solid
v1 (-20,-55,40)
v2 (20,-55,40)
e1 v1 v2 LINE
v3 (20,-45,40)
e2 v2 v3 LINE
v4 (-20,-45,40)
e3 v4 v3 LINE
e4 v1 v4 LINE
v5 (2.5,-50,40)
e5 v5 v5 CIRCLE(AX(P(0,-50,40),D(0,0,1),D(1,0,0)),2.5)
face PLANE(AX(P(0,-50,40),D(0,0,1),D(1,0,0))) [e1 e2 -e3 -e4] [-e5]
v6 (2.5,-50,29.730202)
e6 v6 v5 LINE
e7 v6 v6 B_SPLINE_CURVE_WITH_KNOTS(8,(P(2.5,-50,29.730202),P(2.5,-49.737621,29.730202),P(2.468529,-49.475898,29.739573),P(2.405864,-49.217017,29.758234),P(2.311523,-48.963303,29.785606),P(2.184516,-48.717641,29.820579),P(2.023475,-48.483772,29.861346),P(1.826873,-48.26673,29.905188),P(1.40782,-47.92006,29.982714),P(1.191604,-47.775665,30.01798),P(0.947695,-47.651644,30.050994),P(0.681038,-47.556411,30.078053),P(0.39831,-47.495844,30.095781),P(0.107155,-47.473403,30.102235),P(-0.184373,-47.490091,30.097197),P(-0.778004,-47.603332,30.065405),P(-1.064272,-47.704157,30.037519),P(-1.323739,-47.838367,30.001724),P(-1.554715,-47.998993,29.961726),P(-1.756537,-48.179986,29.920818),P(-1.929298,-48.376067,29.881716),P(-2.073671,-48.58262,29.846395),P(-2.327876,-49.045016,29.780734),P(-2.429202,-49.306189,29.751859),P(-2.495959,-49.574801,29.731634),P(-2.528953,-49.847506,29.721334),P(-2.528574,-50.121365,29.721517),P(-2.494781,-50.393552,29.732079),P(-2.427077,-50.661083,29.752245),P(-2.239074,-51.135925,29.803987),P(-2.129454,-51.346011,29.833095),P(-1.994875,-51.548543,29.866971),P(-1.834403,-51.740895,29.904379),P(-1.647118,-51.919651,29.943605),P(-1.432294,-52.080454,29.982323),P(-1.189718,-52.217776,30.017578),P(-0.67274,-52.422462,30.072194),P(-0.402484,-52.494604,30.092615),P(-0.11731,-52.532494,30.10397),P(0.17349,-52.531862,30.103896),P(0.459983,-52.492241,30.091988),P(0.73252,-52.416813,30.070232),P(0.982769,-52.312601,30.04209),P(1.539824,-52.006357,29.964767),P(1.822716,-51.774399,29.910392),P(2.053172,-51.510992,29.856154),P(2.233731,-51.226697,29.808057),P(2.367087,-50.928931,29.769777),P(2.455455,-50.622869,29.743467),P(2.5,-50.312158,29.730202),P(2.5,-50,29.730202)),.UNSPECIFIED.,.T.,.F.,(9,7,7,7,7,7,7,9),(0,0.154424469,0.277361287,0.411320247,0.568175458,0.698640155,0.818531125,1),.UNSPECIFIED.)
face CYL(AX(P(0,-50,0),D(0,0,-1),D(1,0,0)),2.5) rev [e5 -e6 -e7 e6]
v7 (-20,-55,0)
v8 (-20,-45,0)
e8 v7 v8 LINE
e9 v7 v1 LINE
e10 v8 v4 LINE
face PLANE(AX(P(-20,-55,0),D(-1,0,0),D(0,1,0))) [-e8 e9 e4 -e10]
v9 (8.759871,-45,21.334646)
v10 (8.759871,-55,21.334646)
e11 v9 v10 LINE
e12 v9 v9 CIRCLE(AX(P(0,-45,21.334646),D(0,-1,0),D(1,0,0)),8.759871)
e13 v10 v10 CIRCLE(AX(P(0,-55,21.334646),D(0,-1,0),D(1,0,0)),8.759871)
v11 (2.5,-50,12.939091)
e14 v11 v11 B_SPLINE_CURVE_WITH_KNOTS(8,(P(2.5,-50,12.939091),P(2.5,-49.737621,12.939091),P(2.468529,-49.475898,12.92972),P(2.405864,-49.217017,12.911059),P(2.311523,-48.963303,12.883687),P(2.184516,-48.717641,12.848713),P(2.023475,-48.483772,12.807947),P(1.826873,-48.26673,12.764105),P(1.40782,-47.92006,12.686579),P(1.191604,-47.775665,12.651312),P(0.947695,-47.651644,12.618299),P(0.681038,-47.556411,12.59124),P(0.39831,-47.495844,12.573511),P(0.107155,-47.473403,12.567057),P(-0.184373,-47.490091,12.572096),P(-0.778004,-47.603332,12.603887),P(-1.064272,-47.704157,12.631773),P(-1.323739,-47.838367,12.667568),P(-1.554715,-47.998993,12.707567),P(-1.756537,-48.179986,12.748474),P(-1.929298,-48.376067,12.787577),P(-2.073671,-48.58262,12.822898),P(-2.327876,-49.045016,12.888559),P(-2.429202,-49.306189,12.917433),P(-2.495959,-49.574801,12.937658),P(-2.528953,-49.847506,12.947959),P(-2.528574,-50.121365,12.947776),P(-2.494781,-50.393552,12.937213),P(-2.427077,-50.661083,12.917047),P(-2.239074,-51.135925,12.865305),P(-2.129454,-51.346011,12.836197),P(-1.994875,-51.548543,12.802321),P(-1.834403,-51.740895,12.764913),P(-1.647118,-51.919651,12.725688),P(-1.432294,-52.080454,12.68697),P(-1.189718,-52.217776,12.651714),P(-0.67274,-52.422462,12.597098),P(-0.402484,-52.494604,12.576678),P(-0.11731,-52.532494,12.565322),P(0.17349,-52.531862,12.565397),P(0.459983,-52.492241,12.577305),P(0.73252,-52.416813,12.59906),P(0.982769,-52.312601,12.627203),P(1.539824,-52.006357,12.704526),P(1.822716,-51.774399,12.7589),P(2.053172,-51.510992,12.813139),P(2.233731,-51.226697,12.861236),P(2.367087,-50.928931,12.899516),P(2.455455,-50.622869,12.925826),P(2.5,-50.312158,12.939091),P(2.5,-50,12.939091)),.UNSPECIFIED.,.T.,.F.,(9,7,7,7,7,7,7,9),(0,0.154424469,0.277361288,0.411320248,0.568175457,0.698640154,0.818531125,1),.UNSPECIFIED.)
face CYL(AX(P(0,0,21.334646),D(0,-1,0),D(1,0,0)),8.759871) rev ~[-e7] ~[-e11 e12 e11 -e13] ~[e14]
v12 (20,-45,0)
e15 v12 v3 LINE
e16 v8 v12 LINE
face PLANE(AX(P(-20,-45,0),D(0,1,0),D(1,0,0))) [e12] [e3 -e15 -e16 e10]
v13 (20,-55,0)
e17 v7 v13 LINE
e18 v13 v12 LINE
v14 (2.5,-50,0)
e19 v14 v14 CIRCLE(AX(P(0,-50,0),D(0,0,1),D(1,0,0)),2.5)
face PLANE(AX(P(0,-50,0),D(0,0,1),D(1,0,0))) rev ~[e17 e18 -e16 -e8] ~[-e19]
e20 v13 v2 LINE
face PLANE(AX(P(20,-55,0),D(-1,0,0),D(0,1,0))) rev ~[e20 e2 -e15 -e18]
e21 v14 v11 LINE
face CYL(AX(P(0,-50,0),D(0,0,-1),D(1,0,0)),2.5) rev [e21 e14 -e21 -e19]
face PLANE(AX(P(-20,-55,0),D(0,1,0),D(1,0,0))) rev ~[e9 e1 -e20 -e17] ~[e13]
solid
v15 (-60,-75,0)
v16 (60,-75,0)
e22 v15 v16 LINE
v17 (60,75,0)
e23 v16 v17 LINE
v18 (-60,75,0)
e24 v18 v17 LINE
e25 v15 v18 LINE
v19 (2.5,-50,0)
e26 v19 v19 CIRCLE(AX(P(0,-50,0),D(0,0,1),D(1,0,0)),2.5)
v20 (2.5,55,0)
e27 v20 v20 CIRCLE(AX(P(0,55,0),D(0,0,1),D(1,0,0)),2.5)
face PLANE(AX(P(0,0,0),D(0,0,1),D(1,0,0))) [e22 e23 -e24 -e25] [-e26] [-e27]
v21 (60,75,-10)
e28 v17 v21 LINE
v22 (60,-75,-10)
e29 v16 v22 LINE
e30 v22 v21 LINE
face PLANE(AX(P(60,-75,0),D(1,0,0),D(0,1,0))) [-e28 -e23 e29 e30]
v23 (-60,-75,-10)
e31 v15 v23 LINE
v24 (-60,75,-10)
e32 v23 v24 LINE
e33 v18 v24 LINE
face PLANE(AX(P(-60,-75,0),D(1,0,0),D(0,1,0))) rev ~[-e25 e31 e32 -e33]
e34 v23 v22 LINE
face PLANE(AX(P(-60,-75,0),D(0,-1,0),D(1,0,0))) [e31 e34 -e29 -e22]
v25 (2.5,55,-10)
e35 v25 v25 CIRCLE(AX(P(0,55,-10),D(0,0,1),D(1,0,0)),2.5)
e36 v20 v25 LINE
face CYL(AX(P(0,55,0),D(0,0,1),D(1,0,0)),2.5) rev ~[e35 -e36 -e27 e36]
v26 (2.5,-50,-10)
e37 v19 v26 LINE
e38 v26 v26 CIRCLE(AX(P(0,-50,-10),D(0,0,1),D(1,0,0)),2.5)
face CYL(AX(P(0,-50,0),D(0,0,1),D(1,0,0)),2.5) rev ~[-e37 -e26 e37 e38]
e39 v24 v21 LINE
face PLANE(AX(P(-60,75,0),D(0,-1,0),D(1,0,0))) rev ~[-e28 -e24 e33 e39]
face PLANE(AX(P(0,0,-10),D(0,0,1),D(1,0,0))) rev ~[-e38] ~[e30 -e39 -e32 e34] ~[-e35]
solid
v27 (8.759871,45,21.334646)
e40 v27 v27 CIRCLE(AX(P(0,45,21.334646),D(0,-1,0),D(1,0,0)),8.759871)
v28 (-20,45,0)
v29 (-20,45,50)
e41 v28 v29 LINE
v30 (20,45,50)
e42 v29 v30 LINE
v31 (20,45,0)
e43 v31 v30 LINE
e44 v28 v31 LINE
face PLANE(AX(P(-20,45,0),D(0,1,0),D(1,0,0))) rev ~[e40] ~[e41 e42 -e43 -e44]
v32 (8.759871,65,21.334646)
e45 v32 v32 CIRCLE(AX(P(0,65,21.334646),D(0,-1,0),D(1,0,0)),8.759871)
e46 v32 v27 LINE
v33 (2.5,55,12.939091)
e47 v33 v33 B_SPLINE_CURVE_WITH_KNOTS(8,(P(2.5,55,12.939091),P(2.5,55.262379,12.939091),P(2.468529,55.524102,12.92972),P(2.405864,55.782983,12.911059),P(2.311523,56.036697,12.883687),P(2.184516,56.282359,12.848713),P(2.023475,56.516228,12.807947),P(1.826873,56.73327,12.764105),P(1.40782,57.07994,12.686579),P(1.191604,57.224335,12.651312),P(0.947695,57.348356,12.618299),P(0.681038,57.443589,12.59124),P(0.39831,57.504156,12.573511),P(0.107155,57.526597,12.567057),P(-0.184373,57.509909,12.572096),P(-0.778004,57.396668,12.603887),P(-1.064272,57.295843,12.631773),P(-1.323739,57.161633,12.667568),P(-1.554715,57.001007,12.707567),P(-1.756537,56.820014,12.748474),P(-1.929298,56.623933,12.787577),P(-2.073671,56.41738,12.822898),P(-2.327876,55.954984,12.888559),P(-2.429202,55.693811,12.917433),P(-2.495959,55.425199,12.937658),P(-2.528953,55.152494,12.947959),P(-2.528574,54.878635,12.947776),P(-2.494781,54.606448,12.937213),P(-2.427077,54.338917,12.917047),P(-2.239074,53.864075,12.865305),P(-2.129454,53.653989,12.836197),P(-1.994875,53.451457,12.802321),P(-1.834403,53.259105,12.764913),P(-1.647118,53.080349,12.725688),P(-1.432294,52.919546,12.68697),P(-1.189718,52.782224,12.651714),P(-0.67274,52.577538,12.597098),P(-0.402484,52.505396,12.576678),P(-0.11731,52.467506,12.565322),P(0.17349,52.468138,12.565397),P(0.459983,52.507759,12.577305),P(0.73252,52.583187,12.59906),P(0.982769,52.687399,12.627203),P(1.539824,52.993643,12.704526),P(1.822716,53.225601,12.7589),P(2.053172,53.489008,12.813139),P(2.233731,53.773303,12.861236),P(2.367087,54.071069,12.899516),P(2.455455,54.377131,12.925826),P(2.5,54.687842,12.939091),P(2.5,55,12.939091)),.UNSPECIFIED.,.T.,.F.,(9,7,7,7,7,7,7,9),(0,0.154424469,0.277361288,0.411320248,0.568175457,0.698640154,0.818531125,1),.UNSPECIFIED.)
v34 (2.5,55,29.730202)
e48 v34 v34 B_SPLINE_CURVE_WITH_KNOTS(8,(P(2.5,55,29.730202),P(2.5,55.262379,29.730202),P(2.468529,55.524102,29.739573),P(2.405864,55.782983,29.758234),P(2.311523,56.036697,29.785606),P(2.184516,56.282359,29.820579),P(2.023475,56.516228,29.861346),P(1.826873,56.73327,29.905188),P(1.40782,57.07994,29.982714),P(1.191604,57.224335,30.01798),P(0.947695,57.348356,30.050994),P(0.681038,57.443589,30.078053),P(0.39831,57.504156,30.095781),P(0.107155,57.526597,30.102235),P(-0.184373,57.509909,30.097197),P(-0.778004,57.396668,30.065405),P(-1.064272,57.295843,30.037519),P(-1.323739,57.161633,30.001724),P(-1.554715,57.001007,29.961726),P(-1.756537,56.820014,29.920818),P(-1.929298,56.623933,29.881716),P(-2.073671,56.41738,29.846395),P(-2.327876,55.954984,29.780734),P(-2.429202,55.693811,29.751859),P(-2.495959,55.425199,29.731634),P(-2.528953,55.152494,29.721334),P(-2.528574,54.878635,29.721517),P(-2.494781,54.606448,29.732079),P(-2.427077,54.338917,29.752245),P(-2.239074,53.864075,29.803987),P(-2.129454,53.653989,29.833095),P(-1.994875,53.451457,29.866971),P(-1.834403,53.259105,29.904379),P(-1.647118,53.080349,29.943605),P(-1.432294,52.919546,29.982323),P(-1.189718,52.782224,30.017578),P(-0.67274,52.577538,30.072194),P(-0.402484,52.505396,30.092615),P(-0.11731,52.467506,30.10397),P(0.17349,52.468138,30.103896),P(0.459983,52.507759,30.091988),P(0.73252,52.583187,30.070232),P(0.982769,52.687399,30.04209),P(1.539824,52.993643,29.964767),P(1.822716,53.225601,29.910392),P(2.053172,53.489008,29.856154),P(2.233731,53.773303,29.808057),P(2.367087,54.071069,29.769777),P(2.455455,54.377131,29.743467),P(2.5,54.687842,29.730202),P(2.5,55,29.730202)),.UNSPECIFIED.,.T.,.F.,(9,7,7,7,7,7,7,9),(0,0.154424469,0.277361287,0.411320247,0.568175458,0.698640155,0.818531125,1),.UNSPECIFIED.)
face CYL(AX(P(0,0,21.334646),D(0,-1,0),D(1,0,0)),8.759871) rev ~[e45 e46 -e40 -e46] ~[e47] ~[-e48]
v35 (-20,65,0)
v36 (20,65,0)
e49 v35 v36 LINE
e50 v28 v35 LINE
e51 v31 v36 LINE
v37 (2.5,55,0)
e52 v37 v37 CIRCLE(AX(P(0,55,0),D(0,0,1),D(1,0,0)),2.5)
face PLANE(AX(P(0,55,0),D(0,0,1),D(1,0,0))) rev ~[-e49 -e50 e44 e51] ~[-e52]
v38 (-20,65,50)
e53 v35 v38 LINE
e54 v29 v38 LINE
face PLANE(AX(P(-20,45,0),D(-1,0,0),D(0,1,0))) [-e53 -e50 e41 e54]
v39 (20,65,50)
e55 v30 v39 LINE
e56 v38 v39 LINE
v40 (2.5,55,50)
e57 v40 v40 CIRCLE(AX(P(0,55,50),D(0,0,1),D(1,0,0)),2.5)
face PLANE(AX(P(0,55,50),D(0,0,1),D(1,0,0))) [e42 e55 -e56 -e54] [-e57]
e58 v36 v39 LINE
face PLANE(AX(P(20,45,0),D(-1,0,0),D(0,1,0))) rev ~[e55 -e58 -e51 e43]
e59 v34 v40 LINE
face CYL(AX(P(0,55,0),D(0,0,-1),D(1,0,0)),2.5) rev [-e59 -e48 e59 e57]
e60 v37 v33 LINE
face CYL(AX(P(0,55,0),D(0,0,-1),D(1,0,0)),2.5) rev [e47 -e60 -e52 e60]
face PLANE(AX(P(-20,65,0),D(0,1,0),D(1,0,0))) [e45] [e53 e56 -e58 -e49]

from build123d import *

# Parameters (mm, degrees)
F0_W     = 120
F0_H     = 150
F0_W_2   = 40
F0_H_2   = 10
F0_H_3   = 20
F0_R     = 2.5
F1_DEPTH = 10
F2_DEPTH = 50
F3_DEPTH = 25
F4_DEPTH = 25
F5_DEPTH = 40
F6_R     = 8.7598714534
F7_DEPTH = 80
F8_DEPTH = 68.3


with BuildPart() as f1:
    # F0 (on Top) → F1 (new body)
    with BuildSketch(Plane.XY):
        Rectangle(F0_W, F0_H)
        with Locations((0, -50)):
            Rectangle(F0_W_2, F0_H_2, mode=Mode.SUBTRACT)
        with Locations((0, 55)):
            Rectangle(F0_W_2, F0_H_3, mode=Mode.SUBTRACT)
        with Locations((0, 55)):
            Rectangle(F0_W_2, F0_H_3)
        with Locations((0, 55)):
            Circle(F0_R, mode=Mode.SUBTRACT)
        with Locations((0, -50)):
            Rectangle(F0_W_2, F0_H_2)
        with Locations((0, -50)):
            Circle(F0_R, mode=Mode.SUBTRACT)
        with Locations((0, 55)):
            Circle(F0_R)
        with Locations((0, -50)):
            Circle(F0_R)
    extrude(amount=-F1_DEPTH)

    # F0 (on Top) → F3 (cut)
    with BuildSketch(Plane.XY):
        with Locations((0, 55)):
            Circle(F0_R)
    extrude(amount=-F3_DEPTH, mode=Mode.SUBTRACT)

    # F0 (on Top) → F4 (cut)
    with BuildSketch(Plane.XY):
        with Locations((0, -50)):
            Circle(F0_R)
    extrude(amount=-F4_DEPTH, mode=Mode.SUBTRACT)

    # F6 (on Front) → F8 (cut)
    with BuildSketch(Plane.XZ):
        with Locations((0, 21.3346462697)):
            Circle(F6_R)
    extrude(amount=F8_DEPTH, mode=Mode.SUBTRACT)


with BuildPart() as f2:
    # F0 (on Top) → F2 (new body)
    with BuildSketch(Plane.XY):
        with Locations((0, 55)):
            Rectangle(F0_W_2, F0_H_3)
        with Locations((0, 55)):
            Circle(F0_R, mode=Mode.SUBTRACT)
    extrude(amount=F2_DEPTH)


with BuildPart() as f5:
    # F0 (on Top) → F5 (new body)
    with BuildSketch(Plane.XY):
        with Locations((0, -50)):
            Rectangle(F0_W_2, F0_H_2)
        with Locations((0, -50)):
            Circle(F0_R, mode=Mode.SUBTRACT)
    extrude(amount=F5_DEPTH)


with BuildPart() as f7_tool:
    # F6 (on Front) → F7 (new body, symmetric)
    with BuildSketch(Plane.XZ):
        with Locations((0, 21.3346462697)):
            Circle(F6_R)
    extrude(amount=F7_DEPTH, both=True)


with BuildPart() as f2_1:
    add(f2.part)

    # F7: cut by f7_tool
    add(f7_tool.part, mode=Mode.SUBTRACT)


with BuildPart() as f5_1:
    add(f5.part)

    # F7: cut by f7_tool
    add(f7_tool.part, mode=Mode.SUBTRACT)


solid = Compound([f1.part, f2_1.part, f5_1.part])
